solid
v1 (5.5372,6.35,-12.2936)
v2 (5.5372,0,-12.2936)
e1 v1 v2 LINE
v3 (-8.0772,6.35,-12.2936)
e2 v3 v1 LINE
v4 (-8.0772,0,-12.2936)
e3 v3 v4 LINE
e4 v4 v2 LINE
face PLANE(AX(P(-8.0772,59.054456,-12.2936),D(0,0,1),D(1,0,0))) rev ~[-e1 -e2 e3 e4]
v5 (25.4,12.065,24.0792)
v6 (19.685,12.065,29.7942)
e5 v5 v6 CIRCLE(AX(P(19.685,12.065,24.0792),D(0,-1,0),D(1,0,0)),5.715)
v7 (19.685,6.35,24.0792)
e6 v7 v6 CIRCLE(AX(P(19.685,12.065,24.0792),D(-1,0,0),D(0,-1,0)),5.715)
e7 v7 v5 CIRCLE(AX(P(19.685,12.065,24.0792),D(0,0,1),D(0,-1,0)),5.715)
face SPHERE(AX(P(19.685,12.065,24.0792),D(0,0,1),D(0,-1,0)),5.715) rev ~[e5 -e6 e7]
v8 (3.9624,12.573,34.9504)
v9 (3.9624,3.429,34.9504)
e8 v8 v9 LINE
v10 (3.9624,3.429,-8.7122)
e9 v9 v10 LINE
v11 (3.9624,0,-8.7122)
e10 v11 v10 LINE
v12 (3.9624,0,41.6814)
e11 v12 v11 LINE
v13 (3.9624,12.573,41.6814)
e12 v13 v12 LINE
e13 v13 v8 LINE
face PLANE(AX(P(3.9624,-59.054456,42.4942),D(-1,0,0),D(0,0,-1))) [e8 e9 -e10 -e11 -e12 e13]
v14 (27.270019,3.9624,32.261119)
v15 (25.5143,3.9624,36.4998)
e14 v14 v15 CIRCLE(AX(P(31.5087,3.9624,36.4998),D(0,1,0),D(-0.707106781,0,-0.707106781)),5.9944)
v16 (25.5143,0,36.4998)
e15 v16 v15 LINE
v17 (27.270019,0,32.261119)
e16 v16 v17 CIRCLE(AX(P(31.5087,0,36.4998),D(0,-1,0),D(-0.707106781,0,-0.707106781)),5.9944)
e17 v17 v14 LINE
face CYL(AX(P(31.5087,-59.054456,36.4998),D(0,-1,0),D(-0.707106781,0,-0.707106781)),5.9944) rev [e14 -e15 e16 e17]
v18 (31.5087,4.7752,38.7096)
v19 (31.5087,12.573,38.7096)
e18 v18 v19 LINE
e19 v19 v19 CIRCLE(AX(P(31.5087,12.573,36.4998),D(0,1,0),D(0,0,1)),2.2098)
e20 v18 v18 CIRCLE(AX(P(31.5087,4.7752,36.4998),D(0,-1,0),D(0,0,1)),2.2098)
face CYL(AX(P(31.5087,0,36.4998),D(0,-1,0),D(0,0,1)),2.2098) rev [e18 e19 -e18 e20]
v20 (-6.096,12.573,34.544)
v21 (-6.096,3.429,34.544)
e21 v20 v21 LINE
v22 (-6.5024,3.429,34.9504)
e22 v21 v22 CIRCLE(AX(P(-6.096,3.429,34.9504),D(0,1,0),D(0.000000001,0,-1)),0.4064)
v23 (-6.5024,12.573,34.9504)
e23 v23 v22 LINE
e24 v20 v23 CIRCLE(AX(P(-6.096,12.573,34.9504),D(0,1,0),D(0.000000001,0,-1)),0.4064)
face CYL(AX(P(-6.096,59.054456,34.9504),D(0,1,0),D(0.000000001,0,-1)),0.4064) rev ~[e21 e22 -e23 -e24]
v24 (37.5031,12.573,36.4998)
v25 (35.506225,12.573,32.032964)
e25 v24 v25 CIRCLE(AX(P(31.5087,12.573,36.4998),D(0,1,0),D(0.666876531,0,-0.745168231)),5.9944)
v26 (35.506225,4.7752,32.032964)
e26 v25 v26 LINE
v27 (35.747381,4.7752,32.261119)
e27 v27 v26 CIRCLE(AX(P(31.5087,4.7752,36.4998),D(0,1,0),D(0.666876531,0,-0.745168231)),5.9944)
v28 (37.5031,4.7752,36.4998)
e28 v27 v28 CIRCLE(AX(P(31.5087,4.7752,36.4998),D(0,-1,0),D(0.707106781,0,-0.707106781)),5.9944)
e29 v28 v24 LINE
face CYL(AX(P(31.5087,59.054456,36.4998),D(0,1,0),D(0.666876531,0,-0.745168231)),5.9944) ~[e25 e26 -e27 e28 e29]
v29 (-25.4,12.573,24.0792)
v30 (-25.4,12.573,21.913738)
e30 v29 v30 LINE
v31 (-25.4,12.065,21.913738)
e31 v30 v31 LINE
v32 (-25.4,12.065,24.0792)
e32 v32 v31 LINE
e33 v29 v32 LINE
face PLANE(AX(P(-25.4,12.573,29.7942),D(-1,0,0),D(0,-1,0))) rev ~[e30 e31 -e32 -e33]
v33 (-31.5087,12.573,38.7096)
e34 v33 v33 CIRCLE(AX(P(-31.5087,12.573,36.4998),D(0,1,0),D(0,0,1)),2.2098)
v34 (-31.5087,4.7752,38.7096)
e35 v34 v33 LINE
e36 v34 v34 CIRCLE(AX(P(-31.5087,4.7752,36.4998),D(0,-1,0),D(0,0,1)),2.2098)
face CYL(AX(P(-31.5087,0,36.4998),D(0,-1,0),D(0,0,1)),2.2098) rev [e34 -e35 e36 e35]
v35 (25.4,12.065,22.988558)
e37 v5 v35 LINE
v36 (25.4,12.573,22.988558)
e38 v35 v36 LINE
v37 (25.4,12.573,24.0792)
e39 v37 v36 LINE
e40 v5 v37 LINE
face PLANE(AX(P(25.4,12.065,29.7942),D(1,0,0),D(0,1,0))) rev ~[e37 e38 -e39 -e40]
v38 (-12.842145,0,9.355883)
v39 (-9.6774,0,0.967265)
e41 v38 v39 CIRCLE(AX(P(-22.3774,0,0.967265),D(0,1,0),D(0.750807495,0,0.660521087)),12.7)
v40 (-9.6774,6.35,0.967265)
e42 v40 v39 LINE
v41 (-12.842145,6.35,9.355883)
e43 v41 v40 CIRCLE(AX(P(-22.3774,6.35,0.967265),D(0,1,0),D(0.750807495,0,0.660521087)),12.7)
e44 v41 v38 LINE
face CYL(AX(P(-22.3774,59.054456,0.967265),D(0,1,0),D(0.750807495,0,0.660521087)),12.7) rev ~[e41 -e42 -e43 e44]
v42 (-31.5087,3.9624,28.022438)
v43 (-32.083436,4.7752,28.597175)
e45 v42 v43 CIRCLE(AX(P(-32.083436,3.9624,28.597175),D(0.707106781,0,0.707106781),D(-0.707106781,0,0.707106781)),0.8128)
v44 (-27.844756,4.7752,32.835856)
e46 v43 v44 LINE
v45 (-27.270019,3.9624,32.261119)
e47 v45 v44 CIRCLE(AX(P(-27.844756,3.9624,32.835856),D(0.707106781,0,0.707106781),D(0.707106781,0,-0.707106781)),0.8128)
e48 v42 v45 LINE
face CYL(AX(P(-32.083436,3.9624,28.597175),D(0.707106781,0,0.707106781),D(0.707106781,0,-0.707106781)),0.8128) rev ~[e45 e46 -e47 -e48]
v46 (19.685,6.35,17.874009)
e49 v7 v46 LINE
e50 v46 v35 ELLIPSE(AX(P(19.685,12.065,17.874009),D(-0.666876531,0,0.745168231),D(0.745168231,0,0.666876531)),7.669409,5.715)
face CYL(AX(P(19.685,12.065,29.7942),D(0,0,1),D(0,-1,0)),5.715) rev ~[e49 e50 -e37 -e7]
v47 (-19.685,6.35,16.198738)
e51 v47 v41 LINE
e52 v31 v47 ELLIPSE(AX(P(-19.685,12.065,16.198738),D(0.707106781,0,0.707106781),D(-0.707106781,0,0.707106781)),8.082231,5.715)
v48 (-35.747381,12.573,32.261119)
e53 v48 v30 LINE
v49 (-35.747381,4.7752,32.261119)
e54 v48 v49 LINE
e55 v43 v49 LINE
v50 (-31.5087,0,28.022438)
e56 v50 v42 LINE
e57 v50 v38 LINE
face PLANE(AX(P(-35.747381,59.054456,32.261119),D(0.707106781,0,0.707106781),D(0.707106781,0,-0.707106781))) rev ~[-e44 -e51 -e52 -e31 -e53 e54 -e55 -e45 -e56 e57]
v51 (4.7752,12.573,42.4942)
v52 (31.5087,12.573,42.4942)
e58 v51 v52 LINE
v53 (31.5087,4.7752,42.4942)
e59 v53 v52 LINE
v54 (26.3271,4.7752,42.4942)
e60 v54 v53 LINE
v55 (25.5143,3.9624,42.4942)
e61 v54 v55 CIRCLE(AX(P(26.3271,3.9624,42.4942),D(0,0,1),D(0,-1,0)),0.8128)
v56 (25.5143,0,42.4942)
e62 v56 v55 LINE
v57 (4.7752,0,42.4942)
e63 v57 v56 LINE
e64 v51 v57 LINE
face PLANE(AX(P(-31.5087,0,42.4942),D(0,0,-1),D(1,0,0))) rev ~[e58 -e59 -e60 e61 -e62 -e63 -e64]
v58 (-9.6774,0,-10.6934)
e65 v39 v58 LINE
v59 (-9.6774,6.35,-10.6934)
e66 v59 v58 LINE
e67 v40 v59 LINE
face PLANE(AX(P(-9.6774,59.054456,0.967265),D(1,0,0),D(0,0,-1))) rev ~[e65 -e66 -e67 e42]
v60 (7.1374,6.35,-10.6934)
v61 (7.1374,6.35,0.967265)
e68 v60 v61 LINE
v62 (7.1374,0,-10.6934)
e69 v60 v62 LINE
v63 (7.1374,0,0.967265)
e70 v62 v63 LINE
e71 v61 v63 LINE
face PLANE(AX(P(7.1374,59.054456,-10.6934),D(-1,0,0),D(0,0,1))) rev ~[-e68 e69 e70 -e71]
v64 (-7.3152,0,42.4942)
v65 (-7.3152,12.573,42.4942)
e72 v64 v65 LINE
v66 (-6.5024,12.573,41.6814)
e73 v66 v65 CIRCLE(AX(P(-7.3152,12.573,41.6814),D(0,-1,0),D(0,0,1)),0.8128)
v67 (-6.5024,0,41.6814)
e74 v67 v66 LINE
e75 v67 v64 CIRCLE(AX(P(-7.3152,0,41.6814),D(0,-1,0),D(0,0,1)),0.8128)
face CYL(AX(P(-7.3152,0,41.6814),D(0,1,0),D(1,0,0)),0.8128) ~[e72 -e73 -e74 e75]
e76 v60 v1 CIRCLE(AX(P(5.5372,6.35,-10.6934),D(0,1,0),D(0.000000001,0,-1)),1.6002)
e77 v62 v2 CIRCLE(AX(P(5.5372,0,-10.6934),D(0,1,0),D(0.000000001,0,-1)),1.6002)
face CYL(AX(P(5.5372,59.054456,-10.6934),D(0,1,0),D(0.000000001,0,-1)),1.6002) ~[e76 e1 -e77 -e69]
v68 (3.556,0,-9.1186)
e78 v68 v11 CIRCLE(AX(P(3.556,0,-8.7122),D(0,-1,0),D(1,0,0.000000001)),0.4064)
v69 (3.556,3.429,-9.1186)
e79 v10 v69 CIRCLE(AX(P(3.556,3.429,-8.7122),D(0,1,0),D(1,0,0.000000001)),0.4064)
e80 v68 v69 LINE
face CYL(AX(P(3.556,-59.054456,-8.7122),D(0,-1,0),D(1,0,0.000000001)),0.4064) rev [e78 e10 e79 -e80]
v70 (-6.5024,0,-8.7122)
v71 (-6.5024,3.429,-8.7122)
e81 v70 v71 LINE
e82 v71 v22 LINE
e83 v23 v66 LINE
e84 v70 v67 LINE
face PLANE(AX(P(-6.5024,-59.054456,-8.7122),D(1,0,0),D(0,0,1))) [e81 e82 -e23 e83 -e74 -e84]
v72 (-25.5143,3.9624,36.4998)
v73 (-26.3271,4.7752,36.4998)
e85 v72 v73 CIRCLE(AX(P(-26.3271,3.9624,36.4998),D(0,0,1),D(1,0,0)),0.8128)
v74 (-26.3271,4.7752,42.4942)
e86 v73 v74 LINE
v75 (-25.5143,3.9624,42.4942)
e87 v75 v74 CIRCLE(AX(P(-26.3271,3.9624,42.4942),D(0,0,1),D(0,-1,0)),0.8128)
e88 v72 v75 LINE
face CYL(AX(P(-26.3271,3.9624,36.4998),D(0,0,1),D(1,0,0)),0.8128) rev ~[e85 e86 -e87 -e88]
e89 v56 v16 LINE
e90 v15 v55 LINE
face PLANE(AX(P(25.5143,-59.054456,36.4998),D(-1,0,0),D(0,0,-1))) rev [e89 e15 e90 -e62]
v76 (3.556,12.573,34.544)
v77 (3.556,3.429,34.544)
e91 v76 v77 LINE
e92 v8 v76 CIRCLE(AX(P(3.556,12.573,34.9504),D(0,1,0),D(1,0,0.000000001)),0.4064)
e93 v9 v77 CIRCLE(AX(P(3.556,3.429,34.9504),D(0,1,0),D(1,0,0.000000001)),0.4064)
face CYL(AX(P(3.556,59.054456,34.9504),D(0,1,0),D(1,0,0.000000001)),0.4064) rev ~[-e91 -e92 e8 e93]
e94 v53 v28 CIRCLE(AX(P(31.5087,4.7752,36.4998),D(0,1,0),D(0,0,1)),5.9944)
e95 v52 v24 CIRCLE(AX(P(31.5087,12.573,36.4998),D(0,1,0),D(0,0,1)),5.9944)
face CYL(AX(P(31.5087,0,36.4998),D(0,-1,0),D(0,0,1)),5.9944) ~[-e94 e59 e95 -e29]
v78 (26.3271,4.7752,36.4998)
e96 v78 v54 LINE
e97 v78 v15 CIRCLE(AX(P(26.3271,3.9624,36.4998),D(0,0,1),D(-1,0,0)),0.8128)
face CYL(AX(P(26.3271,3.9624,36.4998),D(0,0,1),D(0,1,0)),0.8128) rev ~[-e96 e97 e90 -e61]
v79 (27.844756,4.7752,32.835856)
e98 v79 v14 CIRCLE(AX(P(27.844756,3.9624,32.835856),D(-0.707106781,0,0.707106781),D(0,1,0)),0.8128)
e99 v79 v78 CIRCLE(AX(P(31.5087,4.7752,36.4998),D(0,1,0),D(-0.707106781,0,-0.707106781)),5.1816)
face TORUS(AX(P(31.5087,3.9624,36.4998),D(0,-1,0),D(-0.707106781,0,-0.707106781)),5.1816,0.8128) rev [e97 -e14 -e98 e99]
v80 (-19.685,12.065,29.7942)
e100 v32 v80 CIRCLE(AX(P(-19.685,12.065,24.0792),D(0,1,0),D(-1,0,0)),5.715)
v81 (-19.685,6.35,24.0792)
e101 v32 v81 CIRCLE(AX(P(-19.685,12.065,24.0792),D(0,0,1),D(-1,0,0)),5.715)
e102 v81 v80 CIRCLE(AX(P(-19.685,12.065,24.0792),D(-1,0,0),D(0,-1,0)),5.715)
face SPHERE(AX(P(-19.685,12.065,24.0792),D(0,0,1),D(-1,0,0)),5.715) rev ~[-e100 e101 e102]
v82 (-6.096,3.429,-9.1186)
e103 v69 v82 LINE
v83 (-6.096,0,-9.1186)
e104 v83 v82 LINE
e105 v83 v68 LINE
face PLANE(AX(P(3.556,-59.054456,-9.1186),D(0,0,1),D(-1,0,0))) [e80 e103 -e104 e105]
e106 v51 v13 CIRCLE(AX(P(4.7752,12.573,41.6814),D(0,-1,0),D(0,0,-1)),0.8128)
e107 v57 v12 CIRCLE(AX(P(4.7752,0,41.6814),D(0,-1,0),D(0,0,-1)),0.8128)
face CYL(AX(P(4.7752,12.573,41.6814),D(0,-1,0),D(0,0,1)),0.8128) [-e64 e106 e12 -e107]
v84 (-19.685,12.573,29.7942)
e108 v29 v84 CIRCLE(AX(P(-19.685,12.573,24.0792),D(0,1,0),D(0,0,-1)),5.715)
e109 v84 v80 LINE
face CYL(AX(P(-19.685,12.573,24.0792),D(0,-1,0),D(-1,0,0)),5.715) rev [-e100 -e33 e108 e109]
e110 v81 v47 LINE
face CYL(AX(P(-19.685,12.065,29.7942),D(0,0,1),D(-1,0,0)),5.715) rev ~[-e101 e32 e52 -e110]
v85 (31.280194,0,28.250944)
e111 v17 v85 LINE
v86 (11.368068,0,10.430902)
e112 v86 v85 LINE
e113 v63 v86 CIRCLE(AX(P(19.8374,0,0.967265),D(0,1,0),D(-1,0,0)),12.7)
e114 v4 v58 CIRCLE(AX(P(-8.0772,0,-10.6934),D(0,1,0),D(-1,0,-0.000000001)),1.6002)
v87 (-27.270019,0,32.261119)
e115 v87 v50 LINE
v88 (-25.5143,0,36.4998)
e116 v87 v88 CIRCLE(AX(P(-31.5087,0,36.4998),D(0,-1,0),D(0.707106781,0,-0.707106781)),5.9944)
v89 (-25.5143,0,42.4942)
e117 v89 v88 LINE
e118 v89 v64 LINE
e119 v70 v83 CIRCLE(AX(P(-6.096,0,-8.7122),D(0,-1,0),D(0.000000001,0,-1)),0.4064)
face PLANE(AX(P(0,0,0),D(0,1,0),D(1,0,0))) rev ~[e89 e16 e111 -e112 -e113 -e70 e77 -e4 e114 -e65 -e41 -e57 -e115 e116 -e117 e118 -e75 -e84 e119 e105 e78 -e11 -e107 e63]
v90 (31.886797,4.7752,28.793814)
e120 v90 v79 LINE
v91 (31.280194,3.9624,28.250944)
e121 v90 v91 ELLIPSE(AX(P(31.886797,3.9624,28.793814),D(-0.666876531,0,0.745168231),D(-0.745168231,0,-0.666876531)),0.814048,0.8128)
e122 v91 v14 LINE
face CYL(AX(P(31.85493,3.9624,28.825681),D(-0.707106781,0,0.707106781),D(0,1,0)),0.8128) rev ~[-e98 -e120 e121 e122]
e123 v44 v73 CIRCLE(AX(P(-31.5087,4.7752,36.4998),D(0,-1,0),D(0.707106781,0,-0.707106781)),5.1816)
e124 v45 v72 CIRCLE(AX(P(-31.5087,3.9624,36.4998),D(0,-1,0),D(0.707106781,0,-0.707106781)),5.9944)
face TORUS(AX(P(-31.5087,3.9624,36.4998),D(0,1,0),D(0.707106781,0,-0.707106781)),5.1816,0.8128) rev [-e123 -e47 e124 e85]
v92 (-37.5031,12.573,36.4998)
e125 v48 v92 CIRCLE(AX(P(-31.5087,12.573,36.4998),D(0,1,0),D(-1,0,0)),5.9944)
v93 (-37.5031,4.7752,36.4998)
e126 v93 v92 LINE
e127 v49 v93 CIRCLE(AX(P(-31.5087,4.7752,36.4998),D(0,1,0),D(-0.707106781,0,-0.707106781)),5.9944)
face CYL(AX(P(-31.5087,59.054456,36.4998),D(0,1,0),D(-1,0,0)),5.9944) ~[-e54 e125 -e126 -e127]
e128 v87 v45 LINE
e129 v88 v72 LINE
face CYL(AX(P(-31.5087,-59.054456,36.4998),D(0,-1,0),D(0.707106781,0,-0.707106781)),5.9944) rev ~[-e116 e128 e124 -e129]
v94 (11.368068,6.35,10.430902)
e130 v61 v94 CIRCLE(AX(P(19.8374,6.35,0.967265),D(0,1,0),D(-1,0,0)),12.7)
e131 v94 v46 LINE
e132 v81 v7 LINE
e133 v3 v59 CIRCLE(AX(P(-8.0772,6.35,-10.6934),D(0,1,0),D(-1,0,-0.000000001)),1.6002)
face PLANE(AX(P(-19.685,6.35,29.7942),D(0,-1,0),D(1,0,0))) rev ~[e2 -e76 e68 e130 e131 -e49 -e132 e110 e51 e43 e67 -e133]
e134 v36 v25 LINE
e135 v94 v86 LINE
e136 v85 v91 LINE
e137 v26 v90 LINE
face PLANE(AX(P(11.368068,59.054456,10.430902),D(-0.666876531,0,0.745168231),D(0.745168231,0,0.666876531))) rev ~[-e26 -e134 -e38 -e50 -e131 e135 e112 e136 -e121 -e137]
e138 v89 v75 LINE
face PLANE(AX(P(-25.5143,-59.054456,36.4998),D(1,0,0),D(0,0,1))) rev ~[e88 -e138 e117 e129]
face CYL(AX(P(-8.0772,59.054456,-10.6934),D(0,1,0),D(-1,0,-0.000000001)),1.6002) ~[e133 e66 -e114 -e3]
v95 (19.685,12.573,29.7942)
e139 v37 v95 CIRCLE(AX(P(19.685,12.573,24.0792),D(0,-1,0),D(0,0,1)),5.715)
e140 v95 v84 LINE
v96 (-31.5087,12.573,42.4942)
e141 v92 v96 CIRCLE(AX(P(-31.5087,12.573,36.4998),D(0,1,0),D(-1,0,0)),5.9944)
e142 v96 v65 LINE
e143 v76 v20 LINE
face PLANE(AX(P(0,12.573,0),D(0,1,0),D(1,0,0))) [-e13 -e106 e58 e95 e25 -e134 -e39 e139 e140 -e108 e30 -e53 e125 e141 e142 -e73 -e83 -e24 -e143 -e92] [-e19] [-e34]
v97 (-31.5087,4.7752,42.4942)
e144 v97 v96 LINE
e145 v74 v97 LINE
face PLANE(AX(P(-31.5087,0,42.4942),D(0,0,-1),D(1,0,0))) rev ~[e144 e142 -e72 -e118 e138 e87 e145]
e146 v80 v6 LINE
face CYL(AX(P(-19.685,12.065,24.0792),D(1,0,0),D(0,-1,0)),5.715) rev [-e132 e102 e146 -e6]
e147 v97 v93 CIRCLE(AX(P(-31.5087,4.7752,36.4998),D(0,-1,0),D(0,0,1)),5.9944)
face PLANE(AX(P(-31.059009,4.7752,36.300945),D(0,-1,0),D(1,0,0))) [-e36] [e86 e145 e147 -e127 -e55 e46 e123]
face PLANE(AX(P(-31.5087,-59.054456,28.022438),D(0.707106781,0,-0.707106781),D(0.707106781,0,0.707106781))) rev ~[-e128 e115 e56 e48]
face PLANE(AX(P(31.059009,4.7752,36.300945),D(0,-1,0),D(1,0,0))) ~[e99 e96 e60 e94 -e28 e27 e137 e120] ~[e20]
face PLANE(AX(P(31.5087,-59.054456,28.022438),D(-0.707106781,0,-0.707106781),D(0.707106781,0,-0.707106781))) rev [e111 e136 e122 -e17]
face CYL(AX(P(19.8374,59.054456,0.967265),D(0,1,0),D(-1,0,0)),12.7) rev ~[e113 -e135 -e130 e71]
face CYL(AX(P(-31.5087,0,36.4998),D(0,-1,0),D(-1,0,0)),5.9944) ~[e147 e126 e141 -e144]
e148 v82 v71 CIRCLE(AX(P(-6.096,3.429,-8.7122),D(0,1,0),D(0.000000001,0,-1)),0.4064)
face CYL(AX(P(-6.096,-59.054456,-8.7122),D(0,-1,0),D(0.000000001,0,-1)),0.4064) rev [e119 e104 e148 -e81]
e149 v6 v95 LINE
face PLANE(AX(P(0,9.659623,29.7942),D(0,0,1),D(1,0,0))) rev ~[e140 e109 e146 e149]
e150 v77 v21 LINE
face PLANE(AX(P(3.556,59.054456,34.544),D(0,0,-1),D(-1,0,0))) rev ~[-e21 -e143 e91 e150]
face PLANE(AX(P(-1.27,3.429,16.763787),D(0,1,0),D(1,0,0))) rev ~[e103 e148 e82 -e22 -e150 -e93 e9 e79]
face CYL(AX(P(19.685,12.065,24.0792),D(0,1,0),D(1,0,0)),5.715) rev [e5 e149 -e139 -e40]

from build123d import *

# Parameters (mm, degrees)
SKETCH1_R               = 2.2098
BOSS_EXTRUDE1_DEPTH     = 12.573
CUT_EXTRUDE1_DEPTH      = 3.429
CUT_EXTRUDE1_DEPTH_BACK = 59.054456093
CUT_EXTRUDE5_DEPTH      = 59.054456093
CUT_EXTRUDE5_DEPTH_BACK = 59.054456093
CUT_EXTRUDE6_DEPTH      = 59.054456093
CUT_EXTRUDE6_DEPTH_BACK = 59.054456093
CUT_EXTRUDE7_DEPTH      = 68.574150882
CUT_EXTRUDE7_DEPTH_BACK = 42.0878
FILLET4_R               = 5.715
CUT_EXTRUDE8_START      = 59.054456093
SKETCH11_R              = 2.2098
CUT_EXTRUDE8_DEPTH      = 63.829656093
FILLET5_R               = 0.8128
FILLET6_R               = 0.8128


with BuildPart() as part:
    # Sketch1 → Boss-Extrude1 (new body)
    with BuildSketch(Plane(origin=(0, 0, 0), x_dir=(1, 0, 0), z_dir=(0, 1, 0))):
        with BuildLine():
            Line((-31.5087, -42.4942), (31.5087, -42.4942))
            ThreePointArc((31.5087, -42.4942), (35.747380889, -40.738480889), (37.5031, -36.4998))
            Line((37.5031, -36.4998), (37.5031, 36.4998))
            ThreePointArc((37.5031, 36.4998), (35.747380889, 40.738480889), (31.5087, 42.4942))
            Line((31.5087, 42.4942), (-31.5087, 42.4942))
            ThreePointArc((-31.5087, 42.4942), (-35.747380889, 40.738480889), (-37.5031, 36.4998))
            Line((-37.5031, 36.4998), (-37.5031, -36.4998))
            ThreePointArc((-37.5031, -36.4998), (-35.747380889, -40.738480889), (-31.5087, -42.4942))
        make_face()
        with Locations(Location((-31.5087, 36.4998, 0), (0, 0, 270))):
            Circle(SKETCH1_R, mode=Mode.SUBTRACT)
        with Locations(Location((31.5087, 36.4998, 0), (0, 0, 270))):
            Circle(SKETCH1_R, mode=Mode.SUBTRACT)
        with Locations(Location((31.5087, -36.4998, 0), (0, 0, 270))):
            Circle(SKETCH1_R, mode=Mode.SUBTRACT)
        with Locations(Location((-31.5087, -36.4998, 0), (0, 0, 270))):
            Circle(SKETCH1_R, mode=Mode.SUBTRACT)
    extrude(amount=BOSS_EXTRUDE1_DEPTH)

    # Sketch2 → Cut-Extrude1 (cut, two sides: drawn at the far end of the back side and taken through both)
    with BuildSketch(Plane(origin=(0, 0, 0), x_dir=(1, 0, 0), z_dir=(0, 1, 0)).offset(-CUT_EXTRUDE1_DEPTH_BACK)):
        with BuildLine():
            Line((-6.5024, -42.4942), (3.9624, -42.4942))
            Line((3.9624, -42.4942), (3.9624, 8.7122))
            ThreePointArc((3.9624, 8.7122), (3.843368196, 8.999568196), (3.556, 9.1186))
            Line((3.556, 9.1186), (-6.096, 9.1186))
            ThreePointArc((-6.096, 9.1186), (-6.383368196, 8.999568196), (-6.5024, 8.7122))
            Line((-6.5024, 8.7122), (-6.5024, -42.4942))
        make_face()
    extrude(amount=CUT_EXTRUDE1_DEPTH + CUT_EXTRUDE1_DEPTH_BACK, mode=Mode.SUBTRACT)

    # Sketch8 → Cut-Extrude5 (cut, two sides: drawn at the far end of the back side and taken through both)
    with BuildSketch(Plane.XZ.offset(-CUT_EXTRUDE5_DEPTH_BACK)):
        with BuildLine():
            Line((-6.5024, 42.4942), (3.9624, 42.4942))
            Line((3.9624, 42.4942), (3.9624, 34.9504))
            ThreePointArc((3.9624, 34.9504), (3.843368196, 34.663031804), (3.556, 34.544))
            Line((3.556, 34.544), (-6.096, 34.544))
            ThreePointArc((-6.096, 34.544), (-6.383368196, 34.663031804), (-6.5024, 34.9504))
            Line((-6.5024, 34.9504), (-6.5024, 42.4942))
        make_face()
    extrude(amount=CUT_EXTRUDE5_DEPTH + CUT_EXTRUDE5_DEPTH_BACK, mode=Mode.SUBTRACT)

    # Sketch9 → Cut-Extrude6 (cut, two sides: drawn at the far end of the back side and taken through both)
    with BuildSketch(Plane.XZ.offset(-CUT_EXTRUDE6_DEPTH_BACK)):
        with BuildLine():
            Line((-8.0772, -12.2936), (5.5372, -12.2936))
            ThreePointArc((5.5372, -12.2936), (6.668712271, -11.824912271), (7.1374, -10.6934))
            Line((7.1374, -10.6934), (7.1374, 0.967265238))
            ThreePointArc((7.1374, 0.967265238), (8.243209305, 6.150386126), (11.368068053, 10.430901768))
            Line((11.368068053, 10.430901768), (35.506224679, 32.032963558))
            ThreePointArc((35.506224679, 32.032963558), (36.981158008, 34.053366941), (37.5031, 36.4998))
            Line((37.5031, 36.4998), (37.5031, -42.4942))
            Line((37.5031, -42.4942), (-37.5031, -42.4942))
            Line((-37.5031, -42.4942), (-37.5031, 36.4998))
            ThreePointArc((-37.5031, 36.4998), (-37.04680347, 34.205842433), (-35.747380889, 32.261119111))
            Line((-35.747380889, 32.261119111), (-12.842144818, 9.35588304))
            ThreePointArc((-12.842144818, 9.35588304), (-10.494897301, 5.450135926), (-9.6774, 0.967265238))
            Line((-9.6774, 0.967265238), (-9.6774, -10.6934))
            ThreePointArc((-9.6774, -10.6934), (-9.208712271, -11.824912271), (-8.0772, -12.2936))
        make_face()
    extrude(amount=CUT_EXTRUDE6_DEPTH + CUT_EXTRUDE6_DEPTH_BACK, mode=Mode.SUBTRACT)

    # Sketch10 → Cut-Extrude7 (cut, two sides: drawn at the far end of the back side and taken through both)
    with BuildSketch(Plane(origin=(0, 0, -12.2936), x_dir=(-1, 0, 0), z_dir=(0, 0, -1)).offset(-CUT_EXTRUDE7_DEPTH_BACK)):
        with BuildLine():
            Line((-25.4, 12.573), (25.4, 12.573))
            Line((25.4, 12.573), (25.4, 12.065))
            ThreePointArc((25.4, 12.065), (23.726115254, 8.023884746), (19.685, 6.35))
            Line((19.685, 6.35), (-19.685, 6.35))
            ThreePointArc((-19.685, 6.35), (-23.726115254, 8.023884746), (-25.4, 12.065))
            Line((-25.4, 12.065), (-25.4, 12.573))
        make_face()
    extrude(amount=CUT_EXTRUDE7_DEPTH + CUT_EXTRUDE7_DEPTH_BACK, mode=Mode.SUBTRACT)

    # Fillet4
    fillet4_edges = [part.edges().sort_by_distance(p)[0] for p in [
        (-25.4, 12.319, 29.7942),
        (-23.726115254, 8.023884746, 29.7942),
        (25.4, 12.319, 29.7942),
        (23.726115254, 8.023884746, 29.7942),
        (0, 6.35, 29.7942),
    ]]
    fillet(fillet4_edges, radius=FILLET4_R)

    # Sketch11 → Cut-Extrude8 (cut)
    # profile 1 of 3: a face of its own
    with BuildSketch(Plane.XZ.offset(CUT_EXTRUDE8_START)):
        with BuildLine():
            Line((-37.5031, 22.028038222), (-31.5087, 28.022438222))
            Line((-31.5087, 28.022438222), (-35.747380889, 32.261119111))
            ThreePointArc((-35.747380889, 32.261119111), (-37.04680347, 34.205842433), (-37.5031, 36.4998))
            Line((-37.5031, 36.4998), (-37.5031, 22.028038222))
        make_face()
    # profile 2 of 3: a face of its own
    with BuildSketch(Plane.XZ.offset(CUT_EXTRUDE8_START)):
        with BuildLine():
            ThreePointArc((-27.270019111, 32.261119111), (-25.97059653, 34.205842433), (-25.5143, 36.4998))
            Line((-25.5143, 36.4998), (-25.5143, 42.4942))
            Line((-25.5143, 42.4942), (-31.5087, 42.4942))
            ThreePointArc((-31.5087, 42.4942), (-35.747380889, 40.738480889), (-37.5031, 36.4998))
            ThreePointArc((-37.5031, 36.4998), (-37.04680347, 34.205842433), (-35.747380889, 32.261119111))
            Line((-35.747380889, 32.261119111), (-31.5087, 28.022438222))
            Line((-31.5087, 28.022438222), (-27.270019111, 32.261119111))
        make_face()
        with Locations(Location((-31.5087, 36.4998, 0), (0, 0, 270))):
            Circle(SKETCH11_R, mode=Mode.SUBTRACT)
    # profile 3 of 3: a face of its own
    with BuildSketch(Plane.XZ.offset(CUT_EXTRUDE8_START)):
        with BuildLine():
            ThreePointArc((-37.5031, 36.4998), (-35.747380889, 40.738480889), (-31.5087, 42.4942))
            Line((-31.5087, 42.4942), (-37.5031, 42.4942))
            Line((-37.5031, 42.4942), (-37.5031, 36.4998))
        make_face()
    cut_extrude8 = extrude(amount=-CUT_EXTRUDE8_DEPTH, mode=Mode.SUBTRACT)

    # Mirror1: Cut-Extrude8 across plane
    add(cut_extrude8.mirror(Plane(origin=(0, 0, 0), x_dir=(0, 0, 1), z_dir=(1, 0, 0))), mode=Mode.SUBTRACT)

    # Fillet5
    fillet5_edges = [part.edges().sort_by_distance(p)[0] for p in [
        (-29.389359555, 4.7752, 30.141778666),
        (-25.97059653, 4.7752, 34.205842433),
        (-25.5143, 4.7752, 39.497),
        (29.275106564, 4.7752, 30.256031658),
        (25.97059653, 4.7752, 34.205842433),
        (25.5143, 4.7752, 39.497),
    ]]
    fillet(fillet5_edges, radius=FILLET5_R)

    # Fillet6
    fillet6_edges = [part.edges().sort_by_distance(p)[0] for p in [
        (-6.5024, 6.2865, 42.4942),
        (3.9624, 6.2865, 42.4942),
    ]]
    fillet(fillet6_edges, radius=FILLET6_R)


solid = part.part
